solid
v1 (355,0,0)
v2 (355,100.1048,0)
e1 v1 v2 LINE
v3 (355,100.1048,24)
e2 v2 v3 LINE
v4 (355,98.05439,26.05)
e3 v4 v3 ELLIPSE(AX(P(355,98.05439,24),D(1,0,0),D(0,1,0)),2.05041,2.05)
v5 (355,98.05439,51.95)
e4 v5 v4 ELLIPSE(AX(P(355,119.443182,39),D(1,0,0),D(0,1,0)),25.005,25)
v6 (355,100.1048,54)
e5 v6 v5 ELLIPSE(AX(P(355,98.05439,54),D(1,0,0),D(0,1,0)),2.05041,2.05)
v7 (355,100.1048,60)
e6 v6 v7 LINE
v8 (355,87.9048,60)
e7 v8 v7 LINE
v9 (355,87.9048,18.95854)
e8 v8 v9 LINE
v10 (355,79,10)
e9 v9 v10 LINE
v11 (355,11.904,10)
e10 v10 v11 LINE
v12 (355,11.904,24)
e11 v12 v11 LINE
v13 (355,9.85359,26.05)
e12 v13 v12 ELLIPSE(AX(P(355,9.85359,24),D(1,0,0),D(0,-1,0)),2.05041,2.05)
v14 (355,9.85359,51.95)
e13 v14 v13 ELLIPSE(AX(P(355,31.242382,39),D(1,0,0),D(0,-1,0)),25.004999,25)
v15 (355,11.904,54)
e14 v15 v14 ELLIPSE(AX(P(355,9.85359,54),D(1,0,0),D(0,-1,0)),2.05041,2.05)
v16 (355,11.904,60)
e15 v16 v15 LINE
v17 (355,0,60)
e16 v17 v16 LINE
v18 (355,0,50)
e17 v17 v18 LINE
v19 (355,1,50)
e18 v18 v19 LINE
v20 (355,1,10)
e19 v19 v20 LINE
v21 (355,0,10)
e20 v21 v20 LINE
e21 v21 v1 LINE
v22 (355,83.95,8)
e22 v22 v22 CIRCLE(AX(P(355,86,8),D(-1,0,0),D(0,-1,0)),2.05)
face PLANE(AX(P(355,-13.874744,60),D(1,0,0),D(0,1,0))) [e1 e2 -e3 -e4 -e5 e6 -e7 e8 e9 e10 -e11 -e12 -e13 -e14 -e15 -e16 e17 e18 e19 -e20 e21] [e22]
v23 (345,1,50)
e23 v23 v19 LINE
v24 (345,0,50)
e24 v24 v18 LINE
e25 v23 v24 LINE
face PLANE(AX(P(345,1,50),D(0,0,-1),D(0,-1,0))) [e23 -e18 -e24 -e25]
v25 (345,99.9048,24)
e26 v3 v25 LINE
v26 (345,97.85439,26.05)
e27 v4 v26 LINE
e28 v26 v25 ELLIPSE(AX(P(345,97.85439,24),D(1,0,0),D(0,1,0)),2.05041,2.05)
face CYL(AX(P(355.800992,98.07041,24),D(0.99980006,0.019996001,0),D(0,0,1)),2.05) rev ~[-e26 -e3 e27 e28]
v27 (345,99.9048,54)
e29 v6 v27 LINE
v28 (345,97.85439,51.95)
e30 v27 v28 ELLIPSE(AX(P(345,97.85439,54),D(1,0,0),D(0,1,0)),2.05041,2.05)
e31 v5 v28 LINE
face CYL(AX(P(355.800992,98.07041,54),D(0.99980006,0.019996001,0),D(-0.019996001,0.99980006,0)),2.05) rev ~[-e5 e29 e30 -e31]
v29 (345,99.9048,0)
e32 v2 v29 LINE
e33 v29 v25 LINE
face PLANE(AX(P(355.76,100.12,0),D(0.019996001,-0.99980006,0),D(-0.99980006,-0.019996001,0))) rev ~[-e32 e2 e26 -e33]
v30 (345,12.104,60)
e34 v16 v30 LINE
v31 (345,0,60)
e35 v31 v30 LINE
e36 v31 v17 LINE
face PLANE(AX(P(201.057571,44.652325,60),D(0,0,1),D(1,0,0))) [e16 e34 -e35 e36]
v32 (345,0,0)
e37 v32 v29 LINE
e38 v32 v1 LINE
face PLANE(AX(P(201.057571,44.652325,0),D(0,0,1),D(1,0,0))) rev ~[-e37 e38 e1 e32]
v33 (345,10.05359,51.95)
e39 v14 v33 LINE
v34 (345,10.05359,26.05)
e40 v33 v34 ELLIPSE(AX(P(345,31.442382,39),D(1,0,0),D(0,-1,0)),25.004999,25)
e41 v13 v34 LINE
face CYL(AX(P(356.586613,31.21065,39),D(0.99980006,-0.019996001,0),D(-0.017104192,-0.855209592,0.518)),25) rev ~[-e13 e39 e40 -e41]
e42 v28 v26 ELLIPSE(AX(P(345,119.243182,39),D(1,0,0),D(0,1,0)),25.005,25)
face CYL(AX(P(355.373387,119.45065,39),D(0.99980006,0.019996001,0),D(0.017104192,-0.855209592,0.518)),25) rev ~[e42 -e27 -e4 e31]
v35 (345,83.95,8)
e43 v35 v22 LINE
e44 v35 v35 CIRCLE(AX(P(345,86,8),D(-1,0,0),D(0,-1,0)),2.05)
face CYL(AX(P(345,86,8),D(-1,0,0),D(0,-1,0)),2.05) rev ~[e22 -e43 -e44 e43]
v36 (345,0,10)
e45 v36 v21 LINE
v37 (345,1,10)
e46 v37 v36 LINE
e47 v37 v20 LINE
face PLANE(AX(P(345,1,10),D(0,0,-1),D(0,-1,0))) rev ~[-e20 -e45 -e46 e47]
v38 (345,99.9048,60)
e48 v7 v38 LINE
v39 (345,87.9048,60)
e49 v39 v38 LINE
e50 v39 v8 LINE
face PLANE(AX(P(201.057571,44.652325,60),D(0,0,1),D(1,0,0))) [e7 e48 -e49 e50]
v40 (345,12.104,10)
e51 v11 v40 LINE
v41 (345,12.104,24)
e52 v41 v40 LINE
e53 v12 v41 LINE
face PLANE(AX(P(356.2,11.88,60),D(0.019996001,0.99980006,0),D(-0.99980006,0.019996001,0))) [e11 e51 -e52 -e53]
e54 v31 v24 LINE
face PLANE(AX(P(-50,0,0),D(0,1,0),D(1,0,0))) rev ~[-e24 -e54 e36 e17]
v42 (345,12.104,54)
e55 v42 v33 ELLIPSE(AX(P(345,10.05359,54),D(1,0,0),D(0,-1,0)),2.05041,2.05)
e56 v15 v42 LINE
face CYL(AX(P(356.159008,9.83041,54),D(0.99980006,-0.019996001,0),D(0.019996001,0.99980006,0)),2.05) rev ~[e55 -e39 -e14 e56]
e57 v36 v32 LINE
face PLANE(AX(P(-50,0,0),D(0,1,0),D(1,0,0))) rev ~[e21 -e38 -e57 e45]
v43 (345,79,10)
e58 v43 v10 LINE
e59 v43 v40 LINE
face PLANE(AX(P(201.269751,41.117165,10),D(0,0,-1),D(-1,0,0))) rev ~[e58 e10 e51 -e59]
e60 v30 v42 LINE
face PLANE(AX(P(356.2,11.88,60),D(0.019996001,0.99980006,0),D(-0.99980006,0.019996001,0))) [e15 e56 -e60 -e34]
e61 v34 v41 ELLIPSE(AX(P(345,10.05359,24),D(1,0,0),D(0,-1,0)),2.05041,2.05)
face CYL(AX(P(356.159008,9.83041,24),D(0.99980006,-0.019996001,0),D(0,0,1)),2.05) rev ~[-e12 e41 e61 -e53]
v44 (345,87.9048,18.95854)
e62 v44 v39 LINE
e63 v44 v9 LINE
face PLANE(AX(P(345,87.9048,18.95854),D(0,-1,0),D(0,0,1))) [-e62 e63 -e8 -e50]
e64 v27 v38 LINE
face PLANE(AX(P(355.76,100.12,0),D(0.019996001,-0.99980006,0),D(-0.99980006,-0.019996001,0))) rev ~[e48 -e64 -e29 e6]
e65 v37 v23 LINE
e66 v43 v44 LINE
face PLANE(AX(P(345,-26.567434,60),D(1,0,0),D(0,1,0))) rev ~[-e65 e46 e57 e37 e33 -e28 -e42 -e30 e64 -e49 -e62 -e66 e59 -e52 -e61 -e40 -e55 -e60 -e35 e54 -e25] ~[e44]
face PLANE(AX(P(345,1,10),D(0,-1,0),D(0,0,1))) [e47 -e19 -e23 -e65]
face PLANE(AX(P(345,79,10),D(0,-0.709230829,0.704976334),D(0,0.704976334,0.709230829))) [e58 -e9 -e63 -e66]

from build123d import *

# Parameters (mm, degrees)
PAD_DEPTH       = 60
POCKET_DEPTH    = 50
POCKET001_DEPTH = 407.8842315097
POCKET002_DEPTH = 407.6818719776
SKETCH004_W     = 462.917107
SKETCH004_H     = 152.532247
SKETCH004_W_2   = 206.430237
SKETCH004_H_2   = 142.147327
POCKET003_DEPTH = 60.001
SKETCH005_R     = 2.05
SKETCH005_W     = 1
SKETCH005_H     = 40
POCKET004_DEPTH = 10.001


with BuildPart() as part:
    # Sketch → Pad (new body)
    with BuildSketch(Plane.XY):
        Polygon((450, 0), (450, 90), (356, 88.12), (355.76, 100.12), (343.76, 99.88), (344, 87.88), (6, 81.12), (5.76, 93.12), (-6.24, 92.88), (-6, 80.88), (-50, 80), (-50, 0), align=None)
    extrude(amount=PAD_DEPTH)

    # Sketch001 (on Face14 of Pad) → Pocket (cut)
    with BuildSketch(Plane.XY.offset(60)):
        Polygon((-50, 10), (-50, 79), (450, 79), (450, 0), (356, 1.88), (356.2, 11.88), (344.2, 12.12), (344, 2.12), (6, 8.88), (6.2, 18.88), (-5.8, 19.12), (-6, 9.12), align=None)
    extrude(amount=-POCKET_DEPTH, mode=Mode.SUBTRACT)

    # Sketch002 (on Face26 of Pocket) → Pocket001 (cut, through all)
    with BuildSketch(Plane(origin=(355.8200719712, -7.1164014394, 0), x_dir=(0.0199960012, 0.99980006, 0), z_dir=(0.99980006, -0.0199960012, 0))):
        with BuildLine():
            ThreePointArc((19.0002003399, 54), (15.5006314384, 55.4495689014), (16.9502003399, 51.95))
            ThreePointArc((16.9502003399, 51.95), (13.3347157657, 39), (16.9502003399, 26.05))
            ThreePointArc((16.9502003399, 26.05), (15.5006314384, 22.5504310986), (19.0002003399, 24))
            Line((19.0002003399, 24), (19.0002003399, 54))
        make_face()
    extrude(amount=-POCKET001_DEPTH, mode=Mode.SUBTRACT)

    # Sketch003 (on Face14 of Pocket001) → Pocket002 (cut, through all)
    with BuildSketch(Plane(origin=(357.6193522591, 7.1523870452, 0), x_dir=(-0.0199960012, 0.99980006, 0), z_dir=(0.99980006, 0.0199960012, 0))):
        with BuildLine():
            ThreePointArc((92.9862046184, 54), (89.486635717, 55.4495689014), (90.9362046184, 51.95))
            ThreePointArc((90.9362046184, 51.95), (87.3207200443, 39), (90.9362046184, 26.05))
            ThreePointArc((90.9362046184, 26.05), (89.486635717, 22.5504310986), (92.9862046184, 24))
            Line((92.9862046184, 24), (92.9862046184, 54))
        make_face()
    extrude(amount=-POCKET002_DEPTH, mode=Mode.SUBTRACT)

    # Sketch004 (on Face7 of Pocket002) → Pocket003 (cut, through all)
    with BuildSketch(Plane.XY.offset(60)):
        with Locations((113.5414465, 49.6986895)):
            Rectangle(SKETCH004_W, SKETCH004_H)
        with Locations((458.2151185, 57.1989195)):
            Rectangle(SKETCH004_W_2, SKETCH004_H_2)
    extrude(amount=-POCKET003_DEPTH, mode=Mode.SUBTRACT)

    # Sketch005 (on Face2 of Pocket003) → Pocket004 (cut, through all)
    with BuildSketch(Plane(origin=(345, 0, 0), x_dir=(0, -1, 0), z_dir=(-1, 0, 0))):
        with Locations((-86, 8)):
            Circle(SKETCH005_R)
        with Locations((-0.5, 30)):
            Rectangle(SKETCH005_W, SKETCH005_H)
        Polygon((-87.9048, 60), (-79, 60), (-79, 10), (-87.9048, 18.95854), align=None)
    extrude(amount=-POCKET004_DEPTH, mode=Mode.SUBTRACT)


solid = part.part
